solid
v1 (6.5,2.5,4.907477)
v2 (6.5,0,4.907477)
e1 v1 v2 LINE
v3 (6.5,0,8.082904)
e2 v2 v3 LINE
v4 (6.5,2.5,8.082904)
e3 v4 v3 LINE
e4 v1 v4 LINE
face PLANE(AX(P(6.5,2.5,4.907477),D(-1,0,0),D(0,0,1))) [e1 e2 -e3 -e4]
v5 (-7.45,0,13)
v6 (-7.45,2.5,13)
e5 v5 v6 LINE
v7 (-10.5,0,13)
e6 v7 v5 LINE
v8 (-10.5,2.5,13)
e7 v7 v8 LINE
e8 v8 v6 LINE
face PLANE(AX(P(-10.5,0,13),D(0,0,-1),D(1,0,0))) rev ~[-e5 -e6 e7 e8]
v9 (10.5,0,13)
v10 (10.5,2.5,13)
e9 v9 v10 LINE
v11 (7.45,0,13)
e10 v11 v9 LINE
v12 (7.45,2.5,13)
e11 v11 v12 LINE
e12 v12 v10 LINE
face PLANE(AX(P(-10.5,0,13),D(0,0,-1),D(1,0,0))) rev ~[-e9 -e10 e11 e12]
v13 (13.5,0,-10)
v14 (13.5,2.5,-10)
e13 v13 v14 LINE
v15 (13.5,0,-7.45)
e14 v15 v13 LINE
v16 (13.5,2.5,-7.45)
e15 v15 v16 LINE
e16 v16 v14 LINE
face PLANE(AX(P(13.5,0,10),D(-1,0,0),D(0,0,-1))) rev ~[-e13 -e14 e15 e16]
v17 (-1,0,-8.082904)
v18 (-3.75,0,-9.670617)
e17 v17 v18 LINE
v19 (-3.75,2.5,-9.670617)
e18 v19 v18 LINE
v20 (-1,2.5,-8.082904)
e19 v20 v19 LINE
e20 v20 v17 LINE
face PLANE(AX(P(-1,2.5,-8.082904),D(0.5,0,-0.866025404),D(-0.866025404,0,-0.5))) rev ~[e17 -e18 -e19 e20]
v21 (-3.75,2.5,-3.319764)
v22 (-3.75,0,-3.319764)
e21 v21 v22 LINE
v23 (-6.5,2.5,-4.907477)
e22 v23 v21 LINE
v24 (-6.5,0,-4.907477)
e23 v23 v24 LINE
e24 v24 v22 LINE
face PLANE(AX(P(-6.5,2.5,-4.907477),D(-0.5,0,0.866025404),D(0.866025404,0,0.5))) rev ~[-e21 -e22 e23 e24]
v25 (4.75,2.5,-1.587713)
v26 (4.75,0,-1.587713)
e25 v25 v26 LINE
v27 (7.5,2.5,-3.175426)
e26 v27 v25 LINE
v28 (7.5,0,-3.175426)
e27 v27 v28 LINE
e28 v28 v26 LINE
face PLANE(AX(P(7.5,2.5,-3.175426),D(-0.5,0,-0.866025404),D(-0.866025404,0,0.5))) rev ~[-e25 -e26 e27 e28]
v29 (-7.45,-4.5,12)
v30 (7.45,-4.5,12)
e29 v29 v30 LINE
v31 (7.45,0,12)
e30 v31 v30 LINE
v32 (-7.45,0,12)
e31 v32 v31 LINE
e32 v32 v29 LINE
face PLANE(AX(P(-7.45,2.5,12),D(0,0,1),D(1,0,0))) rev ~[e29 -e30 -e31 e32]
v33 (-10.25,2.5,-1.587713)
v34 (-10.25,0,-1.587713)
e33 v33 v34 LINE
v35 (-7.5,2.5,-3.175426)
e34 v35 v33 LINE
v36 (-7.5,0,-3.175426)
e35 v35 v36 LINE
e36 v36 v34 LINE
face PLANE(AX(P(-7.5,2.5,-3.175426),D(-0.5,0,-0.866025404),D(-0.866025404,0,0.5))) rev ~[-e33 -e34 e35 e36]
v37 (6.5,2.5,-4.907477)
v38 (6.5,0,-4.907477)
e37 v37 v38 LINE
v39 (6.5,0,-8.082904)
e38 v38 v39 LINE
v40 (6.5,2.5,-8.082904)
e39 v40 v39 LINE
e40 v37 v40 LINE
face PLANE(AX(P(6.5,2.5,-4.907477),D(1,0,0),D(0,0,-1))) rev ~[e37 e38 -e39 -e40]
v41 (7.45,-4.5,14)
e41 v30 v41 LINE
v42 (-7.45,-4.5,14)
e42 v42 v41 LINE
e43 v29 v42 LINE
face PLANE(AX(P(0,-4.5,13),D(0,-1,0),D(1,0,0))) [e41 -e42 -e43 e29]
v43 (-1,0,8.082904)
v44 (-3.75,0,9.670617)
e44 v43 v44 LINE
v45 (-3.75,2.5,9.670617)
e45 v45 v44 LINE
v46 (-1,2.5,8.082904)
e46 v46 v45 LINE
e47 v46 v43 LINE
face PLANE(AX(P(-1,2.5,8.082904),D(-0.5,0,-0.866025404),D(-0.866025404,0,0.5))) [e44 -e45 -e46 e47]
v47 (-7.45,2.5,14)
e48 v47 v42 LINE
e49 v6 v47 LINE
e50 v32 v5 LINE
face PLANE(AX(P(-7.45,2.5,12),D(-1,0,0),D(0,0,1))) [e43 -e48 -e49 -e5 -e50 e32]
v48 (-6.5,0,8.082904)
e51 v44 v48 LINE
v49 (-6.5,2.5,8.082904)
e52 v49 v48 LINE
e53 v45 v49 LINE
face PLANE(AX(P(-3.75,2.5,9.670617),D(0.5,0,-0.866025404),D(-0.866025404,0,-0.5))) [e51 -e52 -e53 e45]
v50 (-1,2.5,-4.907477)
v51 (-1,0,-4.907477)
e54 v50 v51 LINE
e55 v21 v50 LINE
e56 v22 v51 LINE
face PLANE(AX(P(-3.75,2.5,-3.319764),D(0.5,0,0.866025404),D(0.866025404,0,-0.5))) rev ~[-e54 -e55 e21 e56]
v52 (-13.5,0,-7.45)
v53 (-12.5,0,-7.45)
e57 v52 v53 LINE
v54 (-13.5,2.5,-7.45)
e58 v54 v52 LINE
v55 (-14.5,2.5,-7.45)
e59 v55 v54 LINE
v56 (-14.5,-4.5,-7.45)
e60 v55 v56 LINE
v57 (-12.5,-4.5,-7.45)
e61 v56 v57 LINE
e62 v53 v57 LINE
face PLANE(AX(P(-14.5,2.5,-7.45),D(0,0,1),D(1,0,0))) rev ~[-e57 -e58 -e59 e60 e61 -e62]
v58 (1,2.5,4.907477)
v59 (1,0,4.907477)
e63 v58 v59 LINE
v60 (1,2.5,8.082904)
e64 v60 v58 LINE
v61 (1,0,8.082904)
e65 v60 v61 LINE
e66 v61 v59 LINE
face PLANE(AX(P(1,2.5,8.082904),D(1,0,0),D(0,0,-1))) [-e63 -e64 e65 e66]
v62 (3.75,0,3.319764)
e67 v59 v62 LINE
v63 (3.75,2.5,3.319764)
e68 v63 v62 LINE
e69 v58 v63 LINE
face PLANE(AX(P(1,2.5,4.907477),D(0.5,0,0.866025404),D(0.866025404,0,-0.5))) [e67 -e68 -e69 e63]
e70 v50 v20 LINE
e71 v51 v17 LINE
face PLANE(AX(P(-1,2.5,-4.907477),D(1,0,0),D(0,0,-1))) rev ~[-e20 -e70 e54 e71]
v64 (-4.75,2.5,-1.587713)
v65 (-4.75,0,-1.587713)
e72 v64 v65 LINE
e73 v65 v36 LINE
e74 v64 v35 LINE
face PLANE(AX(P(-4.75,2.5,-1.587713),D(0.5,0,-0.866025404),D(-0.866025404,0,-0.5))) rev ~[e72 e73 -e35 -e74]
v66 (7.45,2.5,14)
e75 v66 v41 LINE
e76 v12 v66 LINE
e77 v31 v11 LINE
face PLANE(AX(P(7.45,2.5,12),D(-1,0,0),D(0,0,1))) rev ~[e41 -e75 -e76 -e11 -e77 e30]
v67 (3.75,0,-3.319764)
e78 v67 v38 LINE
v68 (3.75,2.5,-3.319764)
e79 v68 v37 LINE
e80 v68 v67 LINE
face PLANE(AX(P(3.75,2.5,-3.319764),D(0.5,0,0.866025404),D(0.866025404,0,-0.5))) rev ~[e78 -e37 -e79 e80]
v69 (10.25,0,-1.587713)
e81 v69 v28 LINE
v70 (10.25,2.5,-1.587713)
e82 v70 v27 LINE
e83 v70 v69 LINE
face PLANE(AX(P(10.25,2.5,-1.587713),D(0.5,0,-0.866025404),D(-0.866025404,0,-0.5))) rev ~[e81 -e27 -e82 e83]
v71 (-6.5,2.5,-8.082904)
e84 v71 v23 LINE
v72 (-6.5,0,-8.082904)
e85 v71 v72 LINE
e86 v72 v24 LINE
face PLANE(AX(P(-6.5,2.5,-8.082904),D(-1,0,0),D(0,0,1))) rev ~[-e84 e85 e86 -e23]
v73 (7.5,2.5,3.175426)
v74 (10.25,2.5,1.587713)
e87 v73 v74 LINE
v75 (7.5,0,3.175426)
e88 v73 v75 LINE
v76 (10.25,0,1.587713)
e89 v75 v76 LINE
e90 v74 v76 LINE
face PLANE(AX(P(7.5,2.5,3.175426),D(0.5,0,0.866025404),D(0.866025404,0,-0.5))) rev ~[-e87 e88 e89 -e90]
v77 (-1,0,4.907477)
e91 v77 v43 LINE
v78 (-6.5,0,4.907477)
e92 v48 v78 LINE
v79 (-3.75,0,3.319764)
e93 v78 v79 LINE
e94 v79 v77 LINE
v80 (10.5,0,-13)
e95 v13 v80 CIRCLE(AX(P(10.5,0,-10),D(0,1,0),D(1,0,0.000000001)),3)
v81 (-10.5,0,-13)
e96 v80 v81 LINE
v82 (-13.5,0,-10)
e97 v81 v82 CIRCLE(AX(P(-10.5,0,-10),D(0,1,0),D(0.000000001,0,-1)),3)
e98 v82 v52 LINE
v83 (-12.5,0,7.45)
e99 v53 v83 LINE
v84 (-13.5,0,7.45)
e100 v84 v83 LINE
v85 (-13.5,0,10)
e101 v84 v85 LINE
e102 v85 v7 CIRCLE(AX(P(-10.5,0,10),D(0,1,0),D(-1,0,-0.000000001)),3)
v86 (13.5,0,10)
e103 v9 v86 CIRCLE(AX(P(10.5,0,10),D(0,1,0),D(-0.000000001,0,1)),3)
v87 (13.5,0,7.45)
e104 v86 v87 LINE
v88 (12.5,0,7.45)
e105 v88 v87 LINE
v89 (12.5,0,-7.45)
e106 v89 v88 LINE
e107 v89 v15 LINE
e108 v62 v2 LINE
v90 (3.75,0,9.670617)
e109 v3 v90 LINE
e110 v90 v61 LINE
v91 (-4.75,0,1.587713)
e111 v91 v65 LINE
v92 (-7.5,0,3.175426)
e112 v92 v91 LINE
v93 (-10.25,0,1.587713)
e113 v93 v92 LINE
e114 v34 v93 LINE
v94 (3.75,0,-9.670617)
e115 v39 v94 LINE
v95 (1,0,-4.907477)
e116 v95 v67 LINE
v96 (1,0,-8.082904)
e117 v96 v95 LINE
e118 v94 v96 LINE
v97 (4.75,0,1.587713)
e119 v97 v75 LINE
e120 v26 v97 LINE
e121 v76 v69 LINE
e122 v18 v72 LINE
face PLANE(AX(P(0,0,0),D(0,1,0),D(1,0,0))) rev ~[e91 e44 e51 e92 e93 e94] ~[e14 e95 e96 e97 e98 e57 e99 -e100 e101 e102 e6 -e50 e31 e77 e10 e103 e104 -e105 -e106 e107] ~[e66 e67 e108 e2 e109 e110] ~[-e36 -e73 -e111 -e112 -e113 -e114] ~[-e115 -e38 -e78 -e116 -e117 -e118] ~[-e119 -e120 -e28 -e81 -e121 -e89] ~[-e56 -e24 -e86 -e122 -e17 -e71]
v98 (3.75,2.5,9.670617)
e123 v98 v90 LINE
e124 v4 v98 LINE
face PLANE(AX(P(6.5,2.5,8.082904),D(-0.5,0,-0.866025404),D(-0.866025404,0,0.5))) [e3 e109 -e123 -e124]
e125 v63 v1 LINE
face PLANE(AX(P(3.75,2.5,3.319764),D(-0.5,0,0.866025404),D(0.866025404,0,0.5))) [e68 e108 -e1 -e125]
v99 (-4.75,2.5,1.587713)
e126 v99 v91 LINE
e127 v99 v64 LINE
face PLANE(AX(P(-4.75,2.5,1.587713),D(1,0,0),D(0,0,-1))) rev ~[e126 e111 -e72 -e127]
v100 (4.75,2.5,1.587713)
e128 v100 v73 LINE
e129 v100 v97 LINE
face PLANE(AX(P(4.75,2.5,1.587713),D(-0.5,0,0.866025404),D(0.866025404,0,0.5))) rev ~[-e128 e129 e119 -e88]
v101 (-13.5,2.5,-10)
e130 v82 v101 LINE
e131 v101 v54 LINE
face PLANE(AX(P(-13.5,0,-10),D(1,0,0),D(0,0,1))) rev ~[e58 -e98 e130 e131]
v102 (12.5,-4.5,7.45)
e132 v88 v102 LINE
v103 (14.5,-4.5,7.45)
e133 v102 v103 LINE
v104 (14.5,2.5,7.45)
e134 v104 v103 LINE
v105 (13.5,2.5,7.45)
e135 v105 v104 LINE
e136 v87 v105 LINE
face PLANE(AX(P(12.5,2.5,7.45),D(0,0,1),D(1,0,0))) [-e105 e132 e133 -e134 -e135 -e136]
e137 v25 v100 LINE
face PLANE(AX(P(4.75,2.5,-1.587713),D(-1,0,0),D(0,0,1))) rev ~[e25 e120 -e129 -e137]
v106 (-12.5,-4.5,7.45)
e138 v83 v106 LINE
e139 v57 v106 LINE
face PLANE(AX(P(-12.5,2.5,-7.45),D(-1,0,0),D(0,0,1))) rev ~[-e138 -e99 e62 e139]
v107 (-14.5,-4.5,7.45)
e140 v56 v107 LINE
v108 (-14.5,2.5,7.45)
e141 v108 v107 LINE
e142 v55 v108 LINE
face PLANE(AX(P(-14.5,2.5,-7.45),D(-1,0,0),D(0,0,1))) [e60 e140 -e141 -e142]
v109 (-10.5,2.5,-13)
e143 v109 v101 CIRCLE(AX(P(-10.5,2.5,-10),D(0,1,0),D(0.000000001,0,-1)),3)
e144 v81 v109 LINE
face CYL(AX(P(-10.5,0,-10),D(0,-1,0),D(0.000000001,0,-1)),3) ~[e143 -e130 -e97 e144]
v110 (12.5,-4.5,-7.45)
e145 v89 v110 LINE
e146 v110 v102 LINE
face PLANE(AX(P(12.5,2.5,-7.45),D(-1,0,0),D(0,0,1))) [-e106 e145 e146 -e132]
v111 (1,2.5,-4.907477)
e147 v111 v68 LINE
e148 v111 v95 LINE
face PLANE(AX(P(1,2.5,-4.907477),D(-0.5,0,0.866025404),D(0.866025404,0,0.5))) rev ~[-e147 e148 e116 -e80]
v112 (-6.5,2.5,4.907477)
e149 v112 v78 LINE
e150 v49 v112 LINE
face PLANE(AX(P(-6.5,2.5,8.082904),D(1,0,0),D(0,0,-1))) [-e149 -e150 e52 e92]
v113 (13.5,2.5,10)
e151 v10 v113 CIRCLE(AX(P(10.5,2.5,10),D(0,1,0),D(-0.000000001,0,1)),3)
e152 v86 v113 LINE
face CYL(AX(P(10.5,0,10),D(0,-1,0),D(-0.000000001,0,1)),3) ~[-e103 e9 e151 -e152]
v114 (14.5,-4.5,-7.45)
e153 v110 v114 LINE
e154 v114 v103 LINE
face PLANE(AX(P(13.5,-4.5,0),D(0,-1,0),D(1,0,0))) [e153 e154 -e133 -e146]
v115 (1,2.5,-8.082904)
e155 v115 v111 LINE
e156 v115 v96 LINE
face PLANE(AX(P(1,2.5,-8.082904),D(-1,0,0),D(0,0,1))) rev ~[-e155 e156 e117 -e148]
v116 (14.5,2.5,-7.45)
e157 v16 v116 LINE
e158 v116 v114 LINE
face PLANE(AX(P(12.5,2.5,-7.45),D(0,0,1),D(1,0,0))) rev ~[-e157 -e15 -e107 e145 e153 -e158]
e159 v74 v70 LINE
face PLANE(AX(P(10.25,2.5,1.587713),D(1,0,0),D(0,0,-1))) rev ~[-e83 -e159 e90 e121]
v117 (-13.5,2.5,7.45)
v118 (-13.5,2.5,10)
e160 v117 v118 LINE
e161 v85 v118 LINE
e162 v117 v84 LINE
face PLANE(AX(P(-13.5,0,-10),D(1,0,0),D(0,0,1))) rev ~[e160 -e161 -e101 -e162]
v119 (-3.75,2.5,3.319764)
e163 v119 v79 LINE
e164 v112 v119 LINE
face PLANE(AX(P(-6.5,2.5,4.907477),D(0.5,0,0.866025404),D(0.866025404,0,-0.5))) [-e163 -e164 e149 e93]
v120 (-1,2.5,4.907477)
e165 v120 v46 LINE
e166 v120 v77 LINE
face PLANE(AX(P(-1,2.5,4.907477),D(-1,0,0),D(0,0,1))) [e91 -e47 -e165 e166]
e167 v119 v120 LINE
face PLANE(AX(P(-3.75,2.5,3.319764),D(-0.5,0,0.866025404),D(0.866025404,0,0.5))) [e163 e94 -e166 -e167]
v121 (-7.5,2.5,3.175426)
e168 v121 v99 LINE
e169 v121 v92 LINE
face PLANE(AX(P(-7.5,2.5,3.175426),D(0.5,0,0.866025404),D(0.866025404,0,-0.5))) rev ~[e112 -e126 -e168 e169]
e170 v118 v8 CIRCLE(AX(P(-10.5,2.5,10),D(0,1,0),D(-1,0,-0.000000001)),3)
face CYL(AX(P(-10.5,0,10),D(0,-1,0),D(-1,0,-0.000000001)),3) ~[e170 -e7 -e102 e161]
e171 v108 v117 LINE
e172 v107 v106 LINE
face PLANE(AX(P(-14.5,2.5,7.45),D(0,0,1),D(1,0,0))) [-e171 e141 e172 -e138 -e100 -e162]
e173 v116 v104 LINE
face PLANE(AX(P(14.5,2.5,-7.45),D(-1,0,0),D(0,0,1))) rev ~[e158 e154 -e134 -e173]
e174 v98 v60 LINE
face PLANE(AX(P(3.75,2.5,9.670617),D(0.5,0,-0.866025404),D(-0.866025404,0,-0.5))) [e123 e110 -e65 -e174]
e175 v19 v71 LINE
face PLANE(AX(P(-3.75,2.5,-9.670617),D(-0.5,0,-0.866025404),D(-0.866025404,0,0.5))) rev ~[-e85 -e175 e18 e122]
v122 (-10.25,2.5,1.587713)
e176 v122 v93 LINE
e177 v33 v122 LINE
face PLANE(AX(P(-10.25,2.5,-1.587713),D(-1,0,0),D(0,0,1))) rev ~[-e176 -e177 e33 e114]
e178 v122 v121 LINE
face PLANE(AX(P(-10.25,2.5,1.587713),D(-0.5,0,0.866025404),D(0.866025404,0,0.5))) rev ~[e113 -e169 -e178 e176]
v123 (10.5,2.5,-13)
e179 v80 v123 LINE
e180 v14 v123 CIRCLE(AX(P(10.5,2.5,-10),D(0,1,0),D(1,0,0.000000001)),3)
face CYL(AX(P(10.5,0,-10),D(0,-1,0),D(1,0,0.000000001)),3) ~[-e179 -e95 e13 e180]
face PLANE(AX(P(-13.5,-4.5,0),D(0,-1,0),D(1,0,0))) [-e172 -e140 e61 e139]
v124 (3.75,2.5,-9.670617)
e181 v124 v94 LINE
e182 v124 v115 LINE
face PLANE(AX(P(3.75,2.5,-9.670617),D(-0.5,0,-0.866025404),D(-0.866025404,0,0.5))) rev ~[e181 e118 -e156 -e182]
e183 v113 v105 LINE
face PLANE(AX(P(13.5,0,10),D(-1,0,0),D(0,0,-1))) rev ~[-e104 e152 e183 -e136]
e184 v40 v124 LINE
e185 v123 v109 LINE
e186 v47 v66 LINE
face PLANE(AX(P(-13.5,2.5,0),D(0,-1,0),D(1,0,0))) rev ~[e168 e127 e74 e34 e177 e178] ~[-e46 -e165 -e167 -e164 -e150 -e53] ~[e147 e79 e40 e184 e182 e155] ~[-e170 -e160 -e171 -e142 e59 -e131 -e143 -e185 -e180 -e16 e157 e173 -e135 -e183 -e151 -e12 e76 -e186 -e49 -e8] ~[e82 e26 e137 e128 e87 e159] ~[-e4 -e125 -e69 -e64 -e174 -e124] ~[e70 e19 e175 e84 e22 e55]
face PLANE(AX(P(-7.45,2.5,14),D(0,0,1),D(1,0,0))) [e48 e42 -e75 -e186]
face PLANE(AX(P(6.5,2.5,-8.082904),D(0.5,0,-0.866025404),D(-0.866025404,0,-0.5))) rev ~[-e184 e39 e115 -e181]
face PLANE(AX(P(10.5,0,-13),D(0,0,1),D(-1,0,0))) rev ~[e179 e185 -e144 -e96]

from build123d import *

# Parameters (mm, degrees)
BOSS_EXTRUDE1_DEPTH      = 2.5
BOSS_EXTRUDE2_DEPTH      = 4.5
BOSS_EXTRUDE2_DEPTH_BACK = 2.5
SKETCH2_W                = 2
SKETCH2_H                = 14.9
SKETCH2_W_2              = 14.9
SKETCH2_H_2              = 2
CUT_EXTRUDE1_DEPTH       = 10


with BuildPart() as part:
    # Sketch1 → Boss-Extrude1 (new body)
    with BuildSketch(Plane(origin=(0, 0, 0), x_dir=(1, 0, 0), z_dir=(0, 1, 0))):
        with BuildLine():
            Line((-10.5, -13), (10.5, -13))
            ThreePointArc((10.5, -13), (12.621320344, -12.121320344), (13.5, -10))
            Line((13.5, -10), (13.5, 10))
            ThreePointArc((13.5, 10), (12.621320344, 12.121320344), (10.5, 13))
            Line((10.5, 13), (-10.5, 13))
            ThreePointArc((-10.5, 13), (-12.621320344, 12.121320344), (-13.5, 10))
            Line((-13.5, 10), (-13.5, -10))
            ThreePointArc((-13.5, -10), (-12.621320344, -12.121320344), (-10.5, -13))
        make_face()
    extrude(amount=BOSS_EXTRUDE1_DEPTH)

    # Sketch2 → Boss-Extrude2 (add, two sides: drawn at the far end of the back side and taken through both)
    with BuildSketch(Plane.XZ.offset(-BOSS_EXTRUDE2_DEPTH_BACK)):
        with Locations((-13.5, 0)):
            Rectangle(SKETCH2_W, SKETCH2_H)
        with Locations((13.5, 0)):
            Rectangle(SKETCH2_W, SKETCH2_H)
        with Locations((0, 13)):
            Rectangle(SKETCH2_W_2, SKETCH2_H_2)
    extrude(amount=BOSS_EXTRUDE2_DEPTH + BOSS_EXTRUDE2_DEPTH_BACK)

    # Sketch3 → Cut-Extrude1 (cut)
    with BuildSketch(Plane(origin=(0, 2.5, 0), x_dir=(1, 0, 0), z_dir=(0, 1, 0))):
        Polygon((1, -4.907477288), (3.75, -3.319764048), (6.5, -4.907477288), (6.5, -8.082903769), (3.75, -9.670617009), (1, -8.082903769), align=None)
        Polygon((-3.75, 3.319764048), (-1, 4.907477288), (-1, 8.082903769), (-3.75, 9.670617009), (-6.5, 8.082903769), (-6.5, 4.907477288), align=None)
        Polygon((-7.5, -3.175426481), (-4.75, -1.58771324), (-4.75, 1.58771324), (-7.5, 3.175426481), (-10.25, 1.58771324), (-10.25, -1.58771324), align=None)
        Polygon((7.5, -3.175426481), (10.25, -1.58771324), (10.25, 1.58771324), (7.5, 3.175426481), (4.75, 1.58771324), (4.75, -1.58771324), align=None)
        Polygon((3.75, 3.319764048), (6.5, 4.907477288), (6.5, 8.082903769), (3.75, 9.670617009), (1, 8.082903769), (1, 4.907477288), align=None)
        Polygon((-6.5, -4.907477288), (-3.75, -3.319764048), (-1, -4.907477288), (-1, -8.082903769), (-3.75, -9.670617009), (-6.5, -8.082903769), align=None)
    extrude(amount=-CUT_EXTRUDE1_DEPTH, mode=Mode.SUBTRACT)


solid = part.part
